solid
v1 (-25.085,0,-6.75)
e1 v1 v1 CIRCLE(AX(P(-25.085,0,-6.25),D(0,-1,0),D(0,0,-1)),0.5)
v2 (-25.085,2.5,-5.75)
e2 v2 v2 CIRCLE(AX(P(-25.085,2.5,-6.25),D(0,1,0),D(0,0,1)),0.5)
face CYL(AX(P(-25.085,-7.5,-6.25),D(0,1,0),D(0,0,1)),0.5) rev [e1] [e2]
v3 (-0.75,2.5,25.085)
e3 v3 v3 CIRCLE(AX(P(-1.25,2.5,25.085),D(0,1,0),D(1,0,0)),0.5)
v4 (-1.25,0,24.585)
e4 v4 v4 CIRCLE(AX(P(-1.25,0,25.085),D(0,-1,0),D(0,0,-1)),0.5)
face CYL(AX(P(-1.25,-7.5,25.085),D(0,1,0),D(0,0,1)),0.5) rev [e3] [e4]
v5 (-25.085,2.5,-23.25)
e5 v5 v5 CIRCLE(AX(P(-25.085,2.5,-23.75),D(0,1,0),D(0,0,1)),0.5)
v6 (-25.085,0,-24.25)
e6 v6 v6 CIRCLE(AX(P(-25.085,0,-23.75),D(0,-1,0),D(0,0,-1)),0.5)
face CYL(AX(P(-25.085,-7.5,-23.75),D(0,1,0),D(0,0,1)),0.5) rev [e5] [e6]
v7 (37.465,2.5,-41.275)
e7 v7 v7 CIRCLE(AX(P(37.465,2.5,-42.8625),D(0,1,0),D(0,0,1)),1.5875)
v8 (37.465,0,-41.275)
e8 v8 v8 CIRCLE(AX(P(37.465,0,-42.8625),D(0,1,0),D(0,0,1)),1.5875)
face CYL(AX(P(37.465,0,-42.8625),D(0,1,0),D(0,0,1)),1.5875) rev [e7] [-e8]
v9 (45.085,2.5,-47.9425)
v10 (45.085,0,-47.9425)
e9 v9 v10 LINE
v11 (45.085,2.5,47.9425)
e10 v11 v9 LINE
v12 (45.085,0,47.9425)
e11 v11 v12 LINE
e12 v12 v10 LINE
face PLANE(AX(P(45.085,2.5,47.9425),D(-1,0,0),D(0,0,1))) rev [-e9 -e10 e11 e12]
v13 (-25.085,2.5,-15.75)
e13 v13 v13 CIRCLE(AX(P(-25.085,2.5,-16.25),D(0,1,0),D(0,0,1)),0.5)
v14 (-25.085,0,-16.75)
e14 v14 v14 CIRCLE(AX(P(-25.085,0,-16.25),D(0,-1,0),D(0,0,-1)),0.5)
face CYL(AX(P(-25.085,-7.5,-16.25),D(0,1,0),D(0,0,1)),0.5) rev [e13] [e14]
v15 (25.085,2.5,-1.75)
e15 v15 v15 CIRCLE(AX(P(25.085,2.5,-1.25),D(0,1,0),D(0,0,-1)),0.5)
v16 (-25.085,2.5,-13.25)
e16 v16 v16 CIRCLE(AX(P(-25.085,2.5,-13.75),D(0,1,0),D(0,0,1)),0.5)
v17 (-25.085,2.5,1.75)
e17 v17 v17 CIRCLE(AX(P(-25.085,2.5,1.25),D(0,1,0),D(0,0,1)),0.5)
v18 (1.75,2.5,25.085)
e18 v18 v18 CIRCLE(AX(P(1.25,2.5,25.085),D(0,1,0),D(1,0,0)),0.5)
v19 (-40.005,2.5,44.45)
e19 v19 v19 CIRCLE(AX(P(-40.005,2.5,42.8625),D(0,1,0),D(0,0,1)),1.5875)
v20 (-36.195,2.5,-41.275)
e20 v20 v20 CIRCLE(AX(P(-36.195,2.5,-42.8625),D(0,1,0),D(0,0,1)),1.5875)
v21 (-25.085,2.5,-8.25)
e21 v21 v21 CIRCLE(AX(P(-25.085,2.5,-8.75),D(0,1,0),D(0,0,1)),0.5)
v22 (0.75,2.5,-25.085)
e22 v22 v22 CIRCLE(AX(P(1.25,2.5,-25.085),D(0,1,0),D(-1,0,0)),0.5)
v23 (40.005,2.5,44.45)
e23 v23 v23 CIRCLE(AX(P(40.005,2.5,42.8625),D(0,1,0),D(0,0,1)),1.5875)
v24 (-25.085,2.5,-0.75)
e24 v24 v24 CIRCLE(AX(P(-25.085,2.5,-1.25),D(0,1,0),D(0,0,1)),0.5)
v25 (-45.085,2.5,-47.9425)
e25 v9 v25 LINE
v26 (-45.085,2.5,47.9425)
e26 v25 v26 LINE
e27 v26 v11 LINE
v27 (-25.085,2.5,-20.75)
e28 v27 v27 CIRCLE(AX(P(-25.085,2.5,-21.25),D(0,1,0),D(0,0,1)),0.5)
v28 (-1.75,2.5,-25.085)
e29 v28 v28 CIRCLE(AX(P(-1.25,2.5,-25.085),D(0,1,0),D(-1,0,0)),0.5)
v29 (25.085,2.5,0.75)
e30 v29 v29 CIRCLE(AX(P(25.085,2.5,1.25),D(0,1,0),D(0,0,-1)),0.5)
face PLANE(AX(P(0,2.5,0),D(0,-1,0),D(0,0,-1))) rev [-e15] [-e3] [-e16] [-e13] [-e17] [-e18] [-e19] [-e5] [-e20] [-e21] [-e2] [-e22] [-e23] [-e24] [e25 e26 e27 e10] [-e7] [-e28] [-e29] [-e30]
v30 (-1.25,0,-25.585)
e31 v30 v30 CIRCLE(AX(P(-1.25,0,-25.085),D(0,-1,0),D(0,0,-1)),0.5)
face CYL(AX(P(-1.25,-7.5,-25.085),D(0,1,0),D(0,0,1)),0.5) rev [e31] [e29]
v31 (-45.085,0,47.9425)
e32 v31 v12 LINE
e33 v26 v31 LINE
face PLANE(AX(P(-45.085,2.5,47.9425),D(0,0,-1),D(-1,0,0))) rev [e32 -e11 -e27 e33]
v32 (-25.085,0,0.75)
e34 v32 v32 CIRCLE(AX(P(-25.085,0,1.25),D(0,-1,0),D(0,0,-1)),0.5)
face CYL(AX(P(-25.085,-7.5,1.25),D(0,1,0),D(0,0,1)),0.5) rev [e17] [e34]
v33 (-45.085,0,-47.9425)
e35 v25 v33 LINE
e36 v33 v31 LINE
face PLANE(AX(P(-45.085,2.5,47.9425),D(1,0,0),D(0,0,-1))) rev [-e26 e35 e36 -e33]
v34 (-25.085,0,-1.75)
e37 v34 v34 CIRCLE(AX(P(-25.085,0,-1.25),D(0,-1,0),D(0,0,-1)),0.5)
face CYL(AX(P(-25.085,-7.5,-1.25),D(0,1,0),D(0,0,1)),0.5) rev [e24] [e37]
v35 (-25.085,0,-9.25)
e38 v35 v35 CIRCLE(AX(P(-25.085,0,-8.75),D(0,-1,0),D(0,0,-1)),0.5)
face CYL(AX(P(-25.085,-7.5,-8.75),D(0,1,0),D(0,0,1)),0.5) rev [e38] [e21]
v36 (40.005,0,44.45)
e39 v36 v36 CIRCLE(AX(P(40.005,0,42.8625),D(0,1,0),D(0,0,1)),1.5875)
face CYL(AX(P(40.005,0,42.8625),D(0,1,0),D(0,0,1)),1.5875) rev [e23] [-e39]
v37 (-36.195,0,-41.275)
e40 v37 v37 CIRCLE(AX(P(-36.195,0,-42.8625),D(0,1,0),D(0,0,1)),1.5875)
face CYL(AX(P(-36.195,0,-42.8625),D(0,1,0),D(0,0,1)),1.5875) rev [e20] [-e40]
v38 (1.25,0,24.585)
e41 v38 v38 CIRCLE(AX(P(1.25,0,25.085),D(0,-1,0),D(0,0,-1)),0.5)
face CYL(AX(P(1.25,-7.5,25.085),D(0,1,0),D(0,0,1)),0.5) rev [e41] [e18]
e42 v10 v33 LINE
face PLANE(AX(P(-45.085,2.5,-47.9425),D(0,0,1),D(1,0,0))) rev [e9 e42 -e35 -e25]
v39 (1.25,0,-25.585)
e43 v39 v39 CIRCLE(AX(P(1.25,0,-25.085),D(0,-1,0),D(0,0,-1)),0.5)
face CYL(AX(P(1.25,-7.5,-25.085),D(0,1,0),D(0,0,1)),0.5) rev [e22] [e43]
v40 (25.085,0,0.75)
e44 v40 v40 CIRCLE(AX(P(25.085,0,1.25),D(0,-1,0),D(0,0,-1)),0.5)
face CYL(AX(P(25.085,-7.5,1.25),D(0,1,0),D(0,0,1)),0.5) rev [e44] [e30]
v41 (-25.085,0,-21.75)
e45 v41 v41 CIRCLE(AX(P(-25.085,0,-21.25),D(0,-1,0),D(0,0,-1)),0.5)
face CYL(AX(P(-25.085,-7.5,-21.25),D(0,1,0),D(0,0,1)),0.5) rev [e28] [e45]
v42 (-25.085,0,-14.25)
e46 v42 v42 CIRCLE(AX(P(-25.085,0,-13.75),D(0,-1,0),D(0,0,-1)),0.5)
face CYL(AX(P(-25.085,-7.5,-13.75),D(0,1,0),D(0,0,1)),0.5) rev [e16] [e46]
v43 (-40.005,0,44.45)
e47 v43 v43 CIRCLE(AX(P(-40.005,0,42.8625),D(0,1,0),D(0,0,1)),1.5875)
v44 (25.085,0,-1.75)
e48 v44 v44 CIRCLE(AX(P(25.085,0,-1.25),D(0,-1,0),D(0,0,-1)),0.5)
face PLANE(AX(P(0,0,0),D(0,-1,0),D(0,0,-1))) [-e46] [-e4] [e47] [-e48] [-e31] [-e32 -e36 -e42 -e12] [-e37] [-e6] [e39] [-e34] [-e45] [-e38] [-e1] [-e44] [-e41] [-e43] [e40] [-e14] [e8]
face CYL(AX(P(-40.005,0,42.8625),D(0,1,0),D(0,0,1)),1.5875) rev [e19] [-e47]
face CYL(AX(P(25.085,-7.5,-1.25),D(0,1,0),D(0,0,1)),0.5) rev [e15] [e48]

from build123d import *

# Parameters (mm, degrees)
SKETCH1_W           = 90.17
SKETCH1_H           = 95.885
BOSS_EXTRUDE1_DEPTH = 2.5
SKETCH2_R           = 1.5875
CUT_EXTRUDE1_DEPTH  = 2.5
SKETCH3_R           = 0.5
CUT_EXTRUDE2_DEPTH  = 10
CIRPATTERN1_COUNT   = 4
LPATTERN1_COUNT     = 4
LPATTERN1_PITCH     = 7.5


with BuildPart() as part:
    # Sketch1 → Boss-Extrude1 (new body)
    with BuildSketch(Plane(origin=(0, 0, 0), x_dir=(1, 0, 0), z_dir=(0, 1, 0))):
        Rectangle(SKETCH1_W, SKETCH1_H)
    extrude(amount=BOSS_EXTRUDE1_DEPTH)

    # Sketch2 → Cut-Extrude1 (cut)
    with BuildSketch(Plane(origin=(0, 2.5, 0), x_dir=(1, 0, 0), z_dir=(0, 1, 0))):
        with Locations((-40.005, -42.8625)):
            Circle(SKETCH2_R)
        with Locations((-36.195, 42.8625)):
            Circle(SKETCH2_R)
        with Locations((37.465, 42.8625)):
            Circle(SKETCH2_R)
        with Locations((40.005, -42.8625)):
            Circle(SKETCH2_R)
    extrude(amount=-CUT_EXTRUDE1_DEPTH, mode=Mode.SUBTRACT)

    # Sketch3 → Cut-Extrude2 (cut)
    with BuildSketch(Plane(origin=(0, 2.5, 0), x_dir=(1, 0, 0), z_dir=(0, 1, 0))):
        with Locations((-25.085, 1.25)):
            Circle(SKETCH3_R)
        with Locations((-25.085, -1.25)):
            Circle(SKETCH3_R)
    cut_extrude2 = extrude(amount=-CUT_EXTRUDE2_DEPTH, mode=Mode.SUBTRACT)

    # CirPattern1: Cut-Extrude2 ×4 about axis
    cirpattern1_axis = Axis((0, 50, 0), (0, -1, 0))
    for i in range(1, CIRPATTERN1_COUNT):
        add(cut_extrude2.rotate(cirpattern1_axis, i * 360 / CIRPATTERN1_COUNT), mode=Mode.SUBTRACT)

    # LPattern1: Cut-Extrude2 ×4
    with Locations(*[(0, 0, -i * LPATTERN1_PITCH) for i in range(1, LPATTERN1_COUNT)]):
        add(cut_extrude2, mode=Mode.SUBTRACT)


solid = part.part
